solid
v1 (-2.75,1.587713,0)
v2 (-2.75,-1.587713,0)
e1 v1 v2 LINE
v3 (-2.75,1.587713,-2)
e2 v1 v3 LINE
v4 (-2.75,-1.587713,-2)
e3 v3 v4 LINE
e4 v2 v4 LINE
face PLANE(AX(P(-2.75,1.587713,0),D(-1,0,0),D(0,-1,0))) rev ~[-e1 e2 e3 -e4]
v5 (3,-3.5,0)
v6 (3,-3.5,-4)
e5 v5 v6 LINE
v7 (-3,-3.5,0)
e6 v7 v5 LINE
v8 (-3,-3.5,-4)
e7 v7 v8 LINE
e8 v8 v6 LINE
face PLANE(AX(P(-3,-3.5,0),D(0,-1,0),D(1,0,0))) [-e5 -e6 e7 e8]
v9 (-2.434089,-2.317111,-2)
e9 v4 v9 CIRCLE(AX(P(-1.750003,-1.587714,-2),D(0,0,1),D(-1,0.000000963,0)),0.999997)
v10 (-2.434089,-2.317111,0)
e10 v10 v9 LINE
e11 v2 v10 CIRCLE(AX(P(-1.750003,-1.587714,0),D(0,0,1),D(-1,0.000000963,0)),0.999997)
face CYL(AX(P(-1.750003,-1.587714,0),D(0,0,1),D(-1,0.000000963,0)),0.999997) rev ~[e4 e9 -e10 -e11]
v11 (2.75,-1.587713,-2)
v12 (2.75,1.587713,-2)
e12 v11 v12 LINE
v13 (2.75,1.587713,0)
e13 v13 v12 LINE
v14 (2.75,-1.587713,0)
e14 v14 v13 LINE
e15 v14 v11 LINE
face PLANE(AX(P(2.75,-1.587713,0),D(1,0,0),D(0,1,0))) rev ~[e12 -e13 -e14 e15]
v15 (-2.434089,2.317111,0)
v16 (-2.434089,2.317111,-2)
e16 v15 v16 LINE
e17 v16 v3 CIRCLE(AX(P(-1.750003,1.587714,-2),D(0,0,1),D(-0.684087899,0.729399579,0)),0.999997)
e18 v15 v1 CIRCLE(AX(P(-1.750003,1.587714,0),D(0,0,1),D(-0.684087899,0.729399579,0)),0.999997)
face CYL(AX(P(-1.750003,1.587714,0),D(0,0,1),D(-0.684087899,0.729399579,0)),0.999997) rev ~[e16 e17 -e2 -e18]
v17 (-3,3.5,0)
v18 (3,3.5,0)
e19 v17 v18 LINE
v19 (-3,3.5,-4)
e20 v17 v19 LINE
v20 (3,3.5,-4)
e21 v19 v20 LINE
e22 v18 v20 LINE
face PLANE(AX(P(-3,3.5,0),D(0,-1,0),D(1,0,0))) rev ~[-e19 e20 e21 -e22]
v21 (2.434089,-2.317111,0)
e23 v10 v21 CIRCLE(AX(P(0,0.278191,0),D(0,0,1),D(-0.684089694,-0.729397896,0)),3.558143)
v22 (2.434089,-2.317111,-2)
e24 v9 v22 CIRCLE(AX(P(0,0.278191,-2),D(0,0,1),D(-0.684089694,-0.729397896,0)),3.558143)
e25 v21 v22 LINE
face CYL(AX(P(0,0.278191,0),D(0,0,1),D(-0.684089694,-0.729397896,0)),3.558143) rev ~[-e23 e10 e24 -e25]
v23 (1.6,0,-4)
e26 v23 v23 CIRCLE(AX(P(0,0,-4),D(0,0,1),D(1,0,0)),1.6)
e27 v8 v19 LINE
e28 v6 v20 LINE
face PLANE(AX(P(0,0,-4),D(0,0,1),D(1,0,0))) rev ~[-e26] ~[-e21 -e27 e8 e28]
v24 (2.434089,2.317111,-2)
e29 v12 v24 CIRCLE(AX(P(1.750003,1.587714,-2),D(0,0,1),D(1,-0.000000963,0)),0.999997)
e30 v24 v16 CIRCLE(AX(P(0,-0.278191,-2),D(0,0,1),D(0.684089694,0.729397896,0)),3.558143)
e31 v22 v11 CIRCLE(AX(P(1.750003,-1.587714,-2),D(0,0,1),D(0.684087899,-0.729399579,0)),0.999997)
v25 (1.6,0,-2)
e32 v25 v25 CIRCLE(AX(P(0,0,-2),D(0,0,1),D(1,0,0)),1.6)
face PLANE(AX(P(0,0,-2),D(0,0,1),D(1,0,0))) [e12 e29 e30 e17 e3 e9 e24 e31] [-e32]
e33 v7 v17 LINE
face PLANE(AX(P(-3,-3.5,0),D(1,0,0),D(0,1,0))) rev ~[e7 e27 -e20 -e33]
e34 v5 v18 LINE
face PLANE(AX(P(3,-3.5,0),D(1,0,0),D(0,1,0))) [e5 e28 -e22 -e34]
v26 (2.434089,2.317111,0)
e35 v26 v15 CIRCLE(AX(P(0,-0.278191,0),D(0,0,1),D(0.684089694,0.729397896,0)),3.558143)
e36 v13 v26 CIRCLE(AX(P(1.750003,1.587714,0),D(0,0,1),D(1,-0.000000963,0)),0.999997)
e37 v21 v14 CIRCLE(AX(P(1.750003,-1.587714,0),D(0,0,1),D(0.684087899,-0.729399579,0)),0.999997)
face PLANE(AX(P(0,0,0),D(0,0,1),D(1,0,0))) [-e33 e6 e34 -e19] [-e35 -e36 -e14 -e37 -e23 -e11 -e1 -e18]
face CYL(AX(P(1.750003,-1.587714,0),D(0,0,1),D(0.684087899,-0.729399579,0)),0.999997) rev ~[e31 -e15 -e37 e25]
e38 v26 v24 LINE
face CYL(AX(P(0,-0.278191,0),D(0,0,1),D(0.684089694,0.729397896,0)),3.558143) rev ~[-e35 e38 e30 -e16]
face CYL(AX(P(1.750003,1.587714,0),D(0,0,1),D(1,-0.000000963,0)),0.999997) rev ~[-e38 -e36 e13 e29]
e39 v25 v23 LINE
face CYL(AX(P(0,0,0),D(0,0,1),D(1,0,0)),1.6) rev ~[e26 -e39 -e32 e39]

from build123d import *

# Parameters (mm, degrees)
F0_W     = 6
F0_H     = 7
F0_R     = 1.6
F1_DEPTH = 4
F2_DEPTH = 2


with BuildPart() as f1:
    # F0 (on Top) → F1 (new body)
    with BuildSketch(Plane.XY):
        Rectangle(F0_W, F0_H)
        with BuildLine():
            ThreePointArc((2.434089, 2.317111), (2.66763, 1.985149), (2.75, 1.587713))
            Line((2.75, 1.587713), (2.75, -1.587713))
            ThreePointArc((2.75, -1.587713), (2.66763, -1.985149), (2.434089, -2.317111))
            ThreePointArc((2.434089, -2.317111), (0, -3.279952), (-2.434089, -2.317111))
            ThreePointArc((-2.434089, -2.317111), (-2.66763, -1.985149), (-2.75, -1.587713))
            Line((-2.75, -1.587713), (-2.75, 1.587713))
            ThreePointArc((-2.75, 1.587713), (-2.66763, 1.985149), (-2.434089, 2.317111))
            ThreePointArc((-2.434089, 2.317111), (0, 3.279952), (2.434089, 2.317111))
        make_face(mode=Mode.SUBTRACT)
        with BuildLine():
            Line((2.75, -1.587713), (2.75, 1.587713))
            ThreePointArc((2.75, 1.587713), (2.66763, 1.985149), (2.434089, 2.317111))
            ThreePointArc((2.434089, 2.317111), (0, 3.279952), (-2.434089, 2.317111))
            ThreePointArc((-2.434089, 2.317111), (-2.66763, 1.985149), (-2.75, 1.587713))
            Line((-2.75, 1.587713), (-2.75, -1.587713))
            ThreePointArc((-2.75, -1.587713), (-2.66763, -1.985149), (-2.434089, -2.317111))
            ThreePointArc((-2.434089, -2.317111), (0, -3.279952), (2.434089, -2.317111))
            ThreePointArc((2.434089, -2.317111), (2.66763, -1.985149), (2.75, -1.587713))
        make_face()
        Circle(F0_R, mode=Mode.SUBTRACT)
    extrude(amount=-F1_DEPTH)

    # F0 (on Top) → F2 (cut)
    with BuildSketch(Plane.XY):
        with BuildLine():
            Line((2.75, -1.587713), (2.75, 1.587713))
            ThreePointArc((2.75, 1.587713), (2.66763, 1.985149), (2.434089, 2.317111))
            ThreePointArc((2.434089, 2.317111), (0, 3.279952), (-2.434089, 2.317111))
            ThreePointArc((-2.434089, 2.317111), (-2.66763, 1.985149), (-2.75, 1.587713))
            Line((-2.75, 1.587713), (-2.75, -1.587713))
            ThreePointArc((-2.75, -1.587713), (-2.66763, -1.985149), (-2.434089, -2.317111))
            ThreePointArc((-2.434089, -2.317111), (0, -3.279952), (2.434089, -2.317111))
            ThreePointArc((2.434089, -2.317111), (2.66763, -1.985149), (2.75, -1.587713))
        make_face()
        Circle(F0_R, mode=Mode.SUBTRACT)
    extrude(amount=-F2_DEPTH, mode=Mode.SUBTRACT)


solid = f1.part
